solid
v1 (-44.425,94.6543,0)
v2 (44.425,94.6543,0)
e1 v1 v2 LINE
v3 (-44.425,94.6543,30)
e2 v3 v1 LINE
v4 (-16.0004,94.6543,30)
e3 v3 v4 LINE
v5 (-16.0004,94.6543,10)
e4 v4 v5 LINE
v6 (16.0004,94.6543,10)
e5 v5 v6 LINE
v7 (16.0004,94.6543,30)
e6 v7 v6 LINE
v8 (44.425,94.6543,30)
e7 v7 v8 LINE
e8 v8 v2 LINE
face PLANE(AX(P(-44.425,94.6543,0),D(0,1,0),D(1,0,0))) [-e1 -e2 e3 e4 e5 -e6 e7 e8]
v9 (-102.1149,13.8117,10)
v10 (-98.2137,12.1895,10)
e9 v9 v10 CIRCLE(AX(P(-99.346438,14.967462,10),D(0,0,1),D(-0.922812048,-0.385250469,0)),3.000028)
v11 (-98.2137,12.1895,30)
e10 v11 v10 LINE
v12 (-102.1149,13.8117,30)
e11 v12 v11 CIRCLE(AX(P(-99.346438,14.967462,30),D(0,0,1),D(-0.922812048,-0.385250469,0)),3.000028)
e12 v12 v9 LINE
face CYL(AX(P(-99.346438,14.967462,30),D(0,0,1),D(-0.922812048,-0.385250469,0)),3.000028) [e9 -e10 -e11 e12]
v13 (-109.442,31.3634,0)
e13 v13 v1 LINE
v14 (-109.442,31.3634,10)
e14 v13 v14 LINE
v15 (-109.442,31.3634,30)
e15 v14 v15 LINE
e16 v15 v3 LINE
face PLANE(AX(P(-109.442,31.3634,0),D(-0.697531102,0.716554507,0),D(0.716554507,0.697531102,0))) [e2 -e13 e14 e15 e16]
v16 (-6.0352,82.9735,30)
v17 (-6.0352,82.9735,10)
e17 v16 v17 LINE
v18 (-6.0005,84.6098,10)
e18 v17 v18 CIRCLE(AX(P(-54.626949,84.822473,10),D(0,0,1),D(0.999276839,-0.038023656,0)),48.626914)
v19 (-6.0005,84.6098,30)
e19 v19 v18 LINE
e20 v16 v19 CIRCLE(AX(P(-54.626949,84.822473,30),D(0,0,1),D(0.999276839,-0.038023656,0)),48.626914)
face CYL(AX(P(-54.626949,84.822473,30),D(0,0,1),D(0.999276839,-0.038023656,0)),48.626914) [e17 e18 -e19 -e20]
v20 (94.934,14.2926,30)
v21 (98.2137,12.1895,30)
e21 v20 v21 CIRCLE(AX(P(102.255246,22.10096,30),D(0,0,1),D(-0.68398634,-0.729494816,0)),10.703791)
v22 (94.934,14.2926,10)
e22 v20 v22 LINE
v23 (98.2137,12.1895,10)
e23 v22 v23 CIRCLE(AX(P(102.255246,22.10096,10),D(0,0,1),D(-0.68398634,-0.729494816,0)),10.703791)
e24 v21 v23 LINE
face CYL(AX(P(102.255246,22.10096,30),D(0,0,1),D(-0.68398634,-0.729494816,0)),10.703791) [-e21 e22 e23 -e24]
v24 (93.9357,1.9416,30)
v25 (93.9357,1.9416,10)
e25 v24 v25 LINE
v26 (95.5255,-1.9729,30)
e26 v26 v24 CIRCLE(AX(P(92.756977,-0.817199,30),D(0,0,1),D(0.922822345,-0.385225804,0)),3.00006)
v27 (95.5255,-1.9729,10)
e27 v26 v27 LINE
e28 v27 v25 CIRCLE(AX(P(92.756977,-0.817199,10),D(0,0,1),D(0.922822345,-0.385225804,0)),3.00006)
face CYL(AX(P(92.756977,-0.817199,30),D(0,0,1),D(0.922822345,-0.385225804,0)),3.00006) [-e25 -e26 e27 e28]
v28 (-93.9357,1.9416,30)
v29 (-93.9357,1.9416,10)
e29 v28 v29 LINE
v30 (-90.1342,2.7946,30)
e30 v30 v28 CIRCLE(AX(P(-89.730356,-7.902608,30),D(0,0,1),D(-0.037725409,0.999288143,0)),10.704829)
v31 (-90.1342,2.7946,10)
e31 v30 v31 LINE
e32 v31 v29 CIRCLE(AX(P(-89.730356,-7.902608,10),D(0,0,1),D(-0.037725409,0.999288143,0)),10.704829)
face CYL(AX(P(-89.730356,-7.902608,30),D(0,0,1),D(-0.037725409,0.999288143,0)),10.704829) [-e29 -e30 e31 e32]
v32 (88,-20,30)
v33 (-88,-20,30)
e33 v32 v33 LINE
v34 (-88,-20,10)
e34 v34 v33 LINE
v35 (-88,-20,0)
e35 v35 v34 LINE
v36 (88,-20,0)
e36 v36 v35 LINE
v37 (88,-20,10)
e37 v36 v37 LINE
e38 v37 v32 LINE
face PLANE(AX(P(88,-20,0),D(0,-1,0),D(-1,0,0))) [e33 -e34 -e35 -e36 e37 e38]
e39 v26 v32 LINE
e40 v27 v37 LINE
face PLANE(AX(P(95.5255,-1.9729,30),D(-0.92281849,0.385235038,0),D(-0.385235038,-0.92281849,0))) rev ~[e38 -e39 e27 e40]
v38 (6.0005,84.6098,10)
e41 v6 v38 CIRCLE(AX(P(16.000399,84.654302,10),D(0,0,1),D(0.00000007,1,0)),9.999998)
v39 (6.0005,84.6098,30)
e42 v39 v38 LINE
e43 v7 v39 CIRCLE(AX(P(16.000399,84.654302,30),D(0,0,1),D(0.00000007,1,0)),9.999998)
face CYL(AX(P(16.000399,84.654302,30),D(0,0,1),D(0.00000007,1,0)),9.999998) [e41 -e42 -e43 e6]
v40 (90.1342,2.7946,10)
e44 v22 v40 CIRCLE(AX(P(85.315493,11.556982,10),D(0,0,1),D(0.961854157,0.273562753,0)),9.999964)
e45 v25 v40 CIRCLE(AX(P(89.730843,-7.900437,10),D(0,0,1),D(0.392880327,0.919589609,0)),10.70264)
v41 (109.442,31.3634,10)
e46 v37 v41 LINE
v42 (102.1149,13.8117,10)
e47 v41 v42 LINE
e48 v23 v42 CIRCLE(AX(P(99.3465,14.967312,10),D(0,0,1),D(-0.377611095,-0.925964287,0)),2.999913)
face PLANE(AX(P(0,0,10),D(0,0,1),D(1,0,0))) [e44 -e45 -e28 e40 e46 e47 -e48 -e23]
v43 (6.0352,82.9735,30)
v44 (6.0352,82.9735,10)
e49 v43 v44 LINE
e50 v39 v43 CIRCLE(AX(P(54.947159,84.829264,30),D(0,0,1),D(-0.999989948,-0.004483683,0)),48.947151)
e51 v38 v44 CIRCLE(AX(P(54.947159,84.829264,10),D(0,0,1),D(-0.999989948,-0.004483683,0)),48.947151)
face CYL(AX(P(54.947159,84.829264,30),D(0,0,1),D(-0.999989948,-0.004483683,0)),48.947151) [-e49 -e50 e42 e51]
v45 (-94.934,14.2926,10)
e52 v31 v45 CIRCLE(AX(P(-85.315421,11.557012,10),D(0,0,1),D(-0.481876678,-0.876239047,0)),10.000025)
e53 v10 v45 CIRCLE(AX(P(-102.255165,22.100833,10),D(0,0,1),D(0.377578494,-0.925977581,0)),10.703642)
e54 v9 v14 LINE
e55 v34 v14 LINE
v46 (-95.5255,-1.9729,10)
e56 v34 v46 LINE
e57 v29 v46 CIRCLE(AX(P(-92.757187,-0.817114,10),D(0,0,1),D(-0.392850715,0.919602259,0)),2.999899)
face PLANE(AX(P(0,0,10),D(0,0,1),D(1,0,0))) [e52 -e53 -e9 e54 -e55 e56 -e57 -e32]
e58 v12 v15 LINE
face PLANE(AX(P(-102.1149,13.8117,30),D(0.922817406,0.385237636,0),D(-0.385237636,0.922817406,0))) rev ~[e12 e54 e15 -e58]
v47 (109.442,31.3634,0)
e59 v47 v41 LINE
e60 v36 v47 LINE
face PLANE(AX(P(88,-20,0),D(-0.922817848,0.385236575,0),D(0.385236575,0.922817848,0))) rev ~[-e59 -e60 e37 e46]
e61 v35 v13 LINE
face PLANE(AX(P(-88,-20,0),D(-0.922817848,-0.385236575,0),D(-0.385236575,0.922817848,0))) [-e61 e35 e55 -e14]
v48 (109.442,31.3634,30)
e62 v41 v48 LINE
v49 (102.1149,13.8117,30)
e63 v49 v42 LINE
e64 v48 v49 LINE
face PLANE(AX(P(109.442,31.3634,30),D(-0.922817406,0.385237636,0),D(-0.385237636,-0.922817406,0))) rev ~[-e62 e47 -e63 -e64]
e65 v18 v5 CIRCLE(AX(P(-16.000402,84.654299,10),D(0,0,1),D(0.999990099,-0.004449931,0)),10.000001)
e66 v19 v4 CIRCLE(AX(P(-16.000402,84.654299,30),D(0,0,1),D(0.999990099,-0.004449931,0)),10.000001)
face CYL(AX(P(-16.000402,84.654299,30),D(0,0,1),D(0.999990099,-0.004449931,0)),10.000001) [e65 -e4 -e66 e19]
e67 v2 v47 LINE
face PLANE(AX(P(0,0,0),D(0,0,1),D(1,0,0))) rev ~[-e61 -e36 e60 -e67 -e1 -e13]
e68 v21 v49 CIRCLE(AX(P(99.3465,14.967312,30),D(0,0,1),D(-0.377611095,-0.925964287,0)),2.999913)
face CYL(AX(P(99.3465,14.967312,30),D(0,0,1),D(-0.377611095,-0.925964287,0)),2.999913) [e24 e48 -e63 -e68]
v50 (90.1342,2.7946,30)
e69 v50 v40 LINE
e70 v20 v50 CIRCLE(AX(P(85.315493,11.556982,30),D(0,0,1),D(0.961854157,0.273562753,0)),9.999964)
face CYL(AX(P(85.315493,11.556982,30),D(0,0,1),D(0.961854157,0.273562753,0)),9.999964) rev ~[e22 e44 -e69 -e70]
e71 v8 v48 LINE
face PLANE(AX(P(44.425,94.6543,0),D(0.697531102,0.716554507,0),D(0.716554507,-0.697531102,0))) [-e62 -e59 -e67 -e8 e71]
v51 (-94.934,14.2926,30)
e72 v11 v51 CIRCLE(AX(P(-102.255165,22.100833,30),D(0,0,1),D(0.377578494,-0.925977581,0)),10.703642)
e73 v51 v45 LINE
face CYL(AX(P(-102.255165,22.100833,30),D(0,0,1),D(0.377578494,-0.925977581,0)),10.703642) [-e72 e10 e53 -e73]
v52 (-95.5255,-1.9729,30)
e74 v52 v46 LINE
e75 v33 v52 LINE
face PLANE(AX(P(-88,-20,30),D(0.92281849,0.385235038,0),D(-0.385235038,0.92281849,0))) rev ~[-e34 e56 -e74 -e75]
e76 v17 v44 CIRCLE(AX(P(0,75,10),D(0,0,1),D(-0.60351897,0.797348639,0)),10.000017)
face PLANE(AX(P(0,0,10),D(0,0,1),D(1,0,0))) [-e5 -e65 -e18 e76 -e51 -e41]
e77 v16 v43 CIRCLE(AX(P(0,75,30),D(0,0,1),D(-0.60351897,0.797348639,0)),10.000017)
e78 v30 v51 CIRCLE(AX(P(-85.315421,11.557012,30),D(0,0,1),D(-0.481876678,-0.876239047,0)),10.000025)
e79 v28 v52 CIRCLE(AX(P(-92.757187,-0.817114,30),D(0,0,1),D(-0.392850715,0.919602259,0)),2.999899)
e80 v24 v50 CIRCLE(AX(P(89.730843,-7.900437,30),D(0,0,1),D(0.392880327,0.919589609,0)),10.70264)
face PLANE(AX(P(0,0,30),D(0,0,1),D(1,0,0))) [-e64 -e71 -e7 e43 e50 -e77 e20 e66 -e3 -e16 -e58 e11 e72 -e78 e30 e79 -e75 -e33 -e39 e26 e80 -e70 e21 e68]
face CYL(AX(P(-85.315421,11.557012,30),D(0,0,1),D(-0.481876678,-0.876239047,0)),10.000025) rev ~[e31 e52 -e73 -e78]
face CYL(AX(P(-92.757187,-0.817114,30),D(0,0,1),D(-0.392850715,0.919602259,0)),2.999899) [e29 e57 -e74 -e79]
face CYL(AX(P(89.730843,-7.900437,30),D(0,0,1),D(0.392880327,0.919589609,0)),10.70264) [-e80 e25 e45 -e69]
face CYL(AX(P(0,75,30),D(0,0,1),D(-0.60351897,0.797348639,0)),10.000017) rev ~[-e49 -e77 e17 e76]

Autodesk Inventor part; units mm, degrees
ref_plane "YZ Plane" through (0, 0, 0) normal (1, 0, 0) x (0, 1, 0)
ref_plane "XZ Plane" through (0, 0, 0) normal (0, 1, 0) x (-1, 0, 0)
ref_plane "XY Plane" through (0, 0, 0) normal (0, 0, 1) x (1, 0, 0)
sketch "Sketch1" plane through (0, 0, 0) normal (0, 0, 1) x (1, 0, 0)
  line L0 (0, 0) -> (113, 0) construction
  line L1 (113, 0) -> (-113, 0) construction
  line L2 (0, 0) -> (0, 110) construction
  circle A0 centre (0, 110) radius 13
  circle A1 centre (-113, 0) radius 13
  circle A2 centre (113, 0) radius 13
  line L3 (0, 110) -> (-113, 0) construction
  line L4 (-113, 0) -> (0, 110) construction
  line L5 (113, 0) -> (0, 110) construction
  line L6 (-113, 0) -> (-113, 13) construction
  line L7 (113, 0) -> (113, 13) construction
  line L8 (0, 110) -> (13, 110) construction
  line L9 (0, 110) -> (-13, 110) construction
  line L10 (113, 0) -> (113, -13) construction
  line L11 (-113, 0) -> (-113, -13) construction
  line L12 (-113, 0) -> (-93, 0) construction
  line L13 (-113, 0) -> (-113, -20) construction
  line L14 (0, 110) -> (-14.3558, 123.9252) construction
  line L15 (-113, 0) -> (-127.3558, 13.9252) construction
  line L16 (-127.3558, 13.9252) -> (-14.3558, 123.9252) construction
  line L17 (-127.3558, 13.9252) -> (-109.442, 31.3634) construction
  line L18 (113, 0) -> (113, -20) construction
  line L19 (113, -20) -> (-113, -20) construction
  line L20 (-113, -20) -> (-88, -20) construction
  line L21 (-88, -20) -> (-109.442, 31.3634) construction
  line L22 (127.3558, 13.9252) -> (14.3558, 123.9252) construction
  line L23 (127.3558, 13.9252) -> (109.442, 31.3634) construction
  line L24 (113, -20) -> (88, -20) construction
  line L25 (88, -20) -> (109.442, 31.3634) construction
  line L26 (0, 110) -> (-28.6608, 110) construction
  line L27 (0, 110) -> (28.6608, 110) construction
  line L28 (-28.6608, 110) -> (-44.425, 94.6543) construction
  line L29 (-44.425, 94.6543) -> (44.425, 94.6543) construction
  line L30 (-109.442, 31.3634) -> (-44.425, 94.6543)
  line L31 (44.425, 94.6543) -> (109.442, 31.3634)
  line L32 (88, -20) -> (-88, -20)
  line L33 (-88, -20) -> (-109.442, 31.3634)
  line L34 (88, -20) -> (109.442, 31.3634)
  line L35 (-44.425, 94.6543) -> (44.425, 94.6543)
  dimension "d0" = 113
  dimension "d1" = 226
  dimension "d2" = 110
  dimension "d3" = 26
  dimension "d5" = 26
  dimension "d14" = 20
  dimension "d17" = 20
  dimension "d18" = 20
  dimension "d19" = 25
  dimension "d20" = 20
  dimension "d21" = 25
  dimension "d22" = 25
  dimension "d23" = 25
  dimension "d24" = 22
extrude "Extrusion1" add sketch "Sketch1" along normal blind 30 contours L30 L35 L31 L34 L32 L33
sketch "Sketch2" plane through (0, 0, 30) normal (0, 0, 1) x (1, 0, 0)
  circle A0 centre (-85.3155, 11.5571) radius 2.5 projected
  circle A1 centre (-113, 0) radius 13 projected
  line L0 (-109.442, 31.3634) -> (-126.5339, 14.7252) projected
  arc A2 (-126.5339, 14.7252) -> (-113, -20) centre (-113, 0) ccw projected
  line L1 (-113, -20) -> (-88, -20) projected
  line L2 (-88, -20) -> (-95.5255, -1.9729) projected
  arc A3 (-93.9357, 1.9416) -> (-95.5255, -1.9729) centre (-92.7571, -0.8172) ccw projected
  arc A4 (-90.1342, 2.7946) -> (-93.9357, 1.9416) centre (-89.7305, -7.9015) ccw projected
  arc A5 (-90.1342, 2.7946) -> (-94.934, 14.2926) centre (-85.3155, 11.5571) ccw projected
  arc A6 (-98.2137, 12.1895) -> (-94.934, 14.2926) centre (-102.2552, 22.1009) ccw projected
  arc A7 (-102.1149, 13.8117) -> (-98.2137, 12.1895) centre (-99.3465, 14.9674) ccw projected
  line L3 (-102.1149, 13.8117) -> (-109.442, 31.3634) projected
  circle A8 centre (0, 75) radius 2.5 projected
  circle A9 centre (0, 110) radius 13 projected
  line L4 (44.425, 94.6543) -> (17.7482, 123) projected
  arc A10 (17.7482, 123) -> (-17.7482, 123) centre (0, 110) ccw projected
  line L5 (-17.7482, 123) -> (-44.425, 94.6543) projected
  line L6 (-44.425, 94.6543) -> (-16.0004, 94.6543) projected
  arc A11 (-6.0005, 84.6098) -> (-16.0004, 94.6543) centre (-16.0004, 84.6543) ccw projected
  arc A12 (-6.0352, 82.9735) -> (-6.0005, 84.6098) centre (-54.7865, 84.8272) ccw projected
  arc A13 (-6.0352, 82.9735) -> (6.0352, 82.9735) centre (0, 75) ccw projected
  arc A14 (6.0005, 84.6098) -> (6.0352, 82.9735) centre (54.7865, 84.8272) ccw projected
  arc A15 (16.0004, 94.6543) -> (6.0005, 84.6098) centre (16.0004, 84.6543) ccw projected
  line L7 (16.0004, 94.6543) -> (44.425, 94.6543) projected
  circle A16 centre (85.3155, 11.5571) radius 2.5 projected
  circle A17 centre (113, 0) radius 13 projected
  line L8 (88, -20) -> (113, -19.9918) projected
  arc A18 (113, -19.9918) -> (126.9449, 14.3252) centre (113, 0) ccw projected
  line L9 (126.9449, 14.3252) -> (109.442, 31.3634) projected
  line L10 (109.442, 31.3634) -> (102.1149, 13.8117) projected
  arc A19 (98.2137, 12.1895) -> (102.1149, 13.8117) centre (99.3465, 14.9674) ccw projected
  arc A20 (94.934, 14.2926) -> (98.2137, 12.1895) centre (102.2552, 22.1009) ccw projected
  arc A21 (94.934, 14.2926) -> (90.1342, 2.7946) centre (85.3155, 11.5571) ccw projected
  arc A22 (93.9357, 1.9416) -> (90.1342, 2.7946) centre (89.7305, -7.9015) ccw projected
  arc A23 (95.5255, -1.9729) -> (93.9357, 1.9416) centre (92.7571, -0.8172) ccw projected
  line L11 (95.5255, -1.9729) -> (88, -20) projected
  arc A24 (-6.0005, 84.6098) -> (-16.0004, 94.6543) centre (-16.0004, 84.6543) ccw projected
  point P0 (0, 0)
extrude "Extrusion2" cut sketch "Sketch2" against normal blind 20 contours A0 | L3 A7 A6 A5 A4 A3 L2 L1 A2 L0 | A8 | L7 A15 A14 A13 A12 A11 L6 L5 A10 L4 | A16 | L11 A23 A22 A21 A20 A19 L10 L9 A18 L8
properties part number "triangulo madera 2" material "Wood (Birch)"
